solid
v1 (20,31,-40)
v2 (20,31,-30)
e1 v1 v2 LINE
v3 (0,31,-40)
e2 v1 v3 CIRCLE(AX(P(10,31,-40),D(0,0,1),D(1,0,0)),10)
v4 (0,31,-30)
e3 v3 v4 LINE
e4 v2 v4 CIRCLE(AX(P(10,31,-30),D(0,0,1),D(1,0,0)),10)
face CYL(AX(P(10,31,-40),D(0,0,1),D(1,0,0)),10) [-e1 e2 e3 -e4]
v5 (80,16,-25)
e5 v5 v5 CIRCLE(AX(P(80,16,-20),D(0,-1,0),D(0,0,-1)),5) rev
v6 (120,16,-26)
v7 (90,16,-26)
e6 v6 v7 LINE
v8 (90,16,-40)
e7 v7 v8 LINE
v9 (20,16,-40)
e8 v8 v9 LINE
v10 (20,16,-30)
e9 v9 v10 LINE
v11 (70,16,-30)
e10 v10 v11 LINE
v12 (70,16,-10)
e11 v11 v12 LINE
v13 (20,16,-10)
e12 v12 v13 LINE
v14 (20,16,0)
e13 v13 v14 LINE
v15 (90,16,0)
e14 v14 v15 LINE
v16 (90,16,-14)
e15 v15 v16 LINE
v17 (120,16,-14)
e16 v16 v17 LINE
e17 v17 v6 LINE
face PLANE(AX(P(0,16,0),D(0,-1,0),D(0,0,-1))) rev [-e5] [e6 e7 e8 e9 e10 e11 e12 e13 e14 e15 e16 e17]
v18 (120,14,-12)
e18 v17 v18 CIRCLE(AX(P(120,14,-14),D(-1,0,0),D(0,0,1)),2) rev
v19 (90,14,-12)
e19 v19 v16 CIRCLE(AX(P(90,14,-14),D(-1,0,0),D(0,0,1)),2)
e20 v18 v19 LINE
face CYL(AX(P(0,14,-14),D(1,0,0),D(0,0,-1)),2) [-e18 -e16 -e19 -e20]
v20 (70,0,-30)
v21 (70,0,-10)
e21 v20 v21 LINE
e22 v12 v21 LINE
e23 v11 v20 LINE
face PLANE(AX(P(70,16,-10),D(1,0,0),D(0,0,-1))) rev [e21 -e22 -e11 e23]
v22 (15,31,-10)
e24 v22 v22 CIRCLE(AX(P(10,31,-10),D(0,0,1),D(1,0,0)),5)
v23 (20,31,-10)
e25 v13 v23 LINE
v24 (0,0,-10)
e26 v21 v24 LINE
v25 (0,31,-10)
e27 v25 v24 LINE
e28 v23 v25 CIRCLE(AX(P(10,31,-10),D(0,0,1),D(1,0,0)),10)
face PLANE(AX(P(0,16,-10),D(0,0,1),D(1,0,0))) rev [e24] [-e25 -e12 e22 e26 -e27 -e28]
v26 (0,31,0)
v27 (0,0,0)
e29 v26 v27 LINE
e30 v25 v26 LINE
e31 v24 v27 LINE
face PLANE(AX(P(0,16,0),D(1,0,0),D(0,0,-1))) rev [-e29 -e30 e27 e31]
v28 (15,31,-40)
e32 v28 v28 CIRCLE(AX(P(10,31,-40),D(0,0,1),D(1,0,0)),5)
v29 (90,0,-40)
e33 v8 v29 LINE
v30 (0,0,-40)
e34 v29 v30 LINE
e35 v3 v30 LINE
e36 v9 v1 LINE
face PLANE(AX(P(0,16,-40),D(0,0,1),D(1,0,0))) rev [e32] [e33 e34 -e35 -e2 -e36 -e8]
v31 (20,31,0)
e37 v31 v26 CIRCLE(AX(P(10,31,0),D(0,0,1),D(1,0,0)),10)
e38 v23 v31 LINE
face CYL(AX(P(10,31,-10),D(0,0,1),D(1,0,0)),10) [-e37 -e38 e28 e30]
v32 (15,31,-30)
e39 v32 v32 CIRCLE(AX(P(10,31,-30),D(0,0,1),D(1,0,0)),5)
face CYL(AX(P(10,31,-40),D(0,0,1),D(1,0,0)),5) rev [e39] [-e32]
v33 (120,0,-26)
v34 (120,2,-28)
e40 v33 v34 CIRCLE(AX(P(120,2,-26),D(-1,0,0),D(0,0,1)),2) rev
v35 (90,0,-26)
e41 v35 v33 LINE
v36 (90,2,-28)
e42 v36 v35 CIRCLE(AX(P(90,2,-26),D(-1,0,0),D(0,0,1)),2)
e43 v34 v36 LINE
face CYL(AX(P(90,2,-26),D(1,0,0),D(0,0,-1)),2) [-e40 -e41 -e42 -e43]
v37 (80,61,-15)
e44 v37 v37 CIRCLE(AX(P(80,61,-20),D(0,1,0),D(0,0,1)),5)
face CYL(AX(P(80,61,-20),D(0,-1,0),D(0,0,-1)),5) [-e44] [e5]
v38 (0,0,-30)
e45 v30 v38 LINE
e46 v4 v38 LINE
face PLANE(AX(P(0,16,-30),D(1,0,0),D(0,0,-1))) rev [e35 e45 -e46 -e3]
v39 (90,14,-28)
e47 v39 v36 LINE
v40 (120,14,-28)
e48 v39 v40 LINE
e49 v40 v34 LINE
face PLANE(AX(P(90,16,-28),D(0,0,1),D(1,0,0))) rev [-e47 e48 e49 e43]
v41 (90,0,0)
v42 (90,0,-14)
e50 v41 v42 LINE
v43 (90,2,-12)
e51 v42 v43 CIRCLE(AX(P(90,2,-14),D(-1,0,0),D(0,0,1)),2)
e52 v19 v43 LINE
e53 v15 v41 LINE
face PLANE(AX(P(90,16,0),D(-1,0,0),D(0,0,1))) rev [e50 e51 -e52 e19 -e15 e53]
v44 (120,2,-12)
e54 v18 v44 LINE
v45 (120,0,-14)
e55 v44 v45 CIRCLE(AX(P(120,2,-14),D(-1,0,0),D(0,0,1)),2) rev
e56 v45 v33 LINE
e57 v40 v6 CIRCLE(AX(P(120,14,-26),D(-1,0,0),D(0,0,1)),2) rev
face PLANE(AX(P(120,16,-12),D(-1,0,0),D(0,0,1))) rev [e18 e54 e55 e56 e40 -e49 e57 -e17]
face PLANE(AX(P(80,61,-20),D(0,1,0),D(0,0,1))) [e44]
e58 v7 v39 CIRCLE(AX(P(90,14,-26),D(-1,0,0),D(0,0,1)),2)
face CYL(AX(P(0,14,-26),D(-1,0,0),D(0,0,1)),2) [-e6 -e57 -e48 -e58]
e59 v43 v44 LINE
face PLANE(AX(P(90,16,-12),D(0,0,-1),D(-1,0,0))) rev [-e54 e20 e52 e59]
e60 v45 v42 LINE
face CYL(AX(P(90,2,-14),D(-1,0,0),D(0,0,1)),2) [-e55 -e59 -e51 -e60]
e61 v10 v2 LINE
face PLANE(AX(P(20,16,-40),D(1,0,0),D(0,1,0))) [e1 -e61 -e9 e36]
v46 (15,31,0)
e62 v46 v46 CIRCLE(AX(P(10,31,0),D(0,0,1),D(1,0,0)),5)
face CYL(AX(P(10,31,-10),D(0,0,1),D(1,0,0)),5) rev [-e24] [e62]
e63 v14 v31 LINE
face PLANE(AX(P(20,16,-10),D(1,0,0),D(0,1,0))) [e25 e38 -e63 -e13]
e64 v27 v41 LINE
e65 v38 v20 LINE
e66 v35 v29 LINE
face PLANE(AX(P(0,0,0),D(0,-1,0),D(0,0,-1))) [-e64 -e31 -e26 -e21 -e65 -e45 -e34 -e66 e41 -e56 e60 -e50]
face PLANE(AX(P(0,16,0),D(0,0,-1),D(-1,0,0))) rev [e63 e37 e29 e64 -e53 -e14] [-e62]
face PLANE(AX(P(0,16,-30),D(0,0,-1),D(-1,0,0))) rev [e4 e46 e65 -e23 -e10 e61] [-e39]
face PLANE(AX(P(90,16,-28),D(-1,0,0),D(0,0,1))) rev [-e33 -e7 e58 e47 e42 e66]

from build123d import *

# Parameters (mm, degrees)
BOSS_EXTRUDE1_DEPTH = 16
FILLET1_R           = 2
SKETCH3_R           = 5
BOSS_EXTRUDE2_DEPTH = 10
LPATTERN1_COUNT     = 2
LPATTERN1_PITCH     = 30
SKETCH4_R           = 5
BOSS_EXTRUDE3_DEPTH = 45


with BuildPart() as part:
    # Sketch2 → Boss-Extrude1 (new body)
    with BuildSketch(Plane(origin=(0, 0, 0), x_dir=(1, 0, 0), z_dir=(0, 1, 0))):
        Polygon((0, 30), (0, 40), (90, 40), (90, 28), (120, 28), (120, 12), (90, 12), (90, 0), (0, 0), (0, 10), (70, 10), (70, 30), align=None)
    extrude(amount=BOSS_EXTRUDE1_DEPTH)

    # Fillet1
    fillet1_edges = [part.edges().sort_by_distance(p)[0] for p in [
        (105, 16, -12),
        (105, 0, -28),
        (105, 0, -12),
        (105, 16, -28),
    ]]
    fillet(fillet1_edges, radius=FILLET1_R)

    # Sketch3 → Boss-Extrude2 (add)
    with BuildSketch(Plane.XY):
        with BuildLine():
            Line((0, 16), (20, 16))
            Line((20, 16), (20, 31))
            ThreePointArc((20, 31), (10, 41), (0, 31))
            Line((0, 31), (0, 16))
        make_face()
        with Locations((10, 31)):
            Circle(SKETCH3_R, mode=Mode.SUBTRACT)
    boss_extrude2 = extrude(amount=-BOSS_EXTRUDE2_DEPTH)

    # LPattern1: Boss-Extrude2 ×2
    with Locations(*[(0, 0, -i * LPATTERN1_PITCH) for i in range(1, LPATTERN1_COUNT)]):
        add(boss_extrude2)

    # Sketch4 → Boss-Extrude3 (add)
    with BuildSketch(Plane(origin=(0, 16, 0), x_dir=(1, 0, 0), z_dir=(0, 1, 0))):
        with Locations((80, 20)):
            Circle(SKETCH4_R)
    extrude(amount=BOSS_EXTRUDE3_DEPTH)


solid = part.part
